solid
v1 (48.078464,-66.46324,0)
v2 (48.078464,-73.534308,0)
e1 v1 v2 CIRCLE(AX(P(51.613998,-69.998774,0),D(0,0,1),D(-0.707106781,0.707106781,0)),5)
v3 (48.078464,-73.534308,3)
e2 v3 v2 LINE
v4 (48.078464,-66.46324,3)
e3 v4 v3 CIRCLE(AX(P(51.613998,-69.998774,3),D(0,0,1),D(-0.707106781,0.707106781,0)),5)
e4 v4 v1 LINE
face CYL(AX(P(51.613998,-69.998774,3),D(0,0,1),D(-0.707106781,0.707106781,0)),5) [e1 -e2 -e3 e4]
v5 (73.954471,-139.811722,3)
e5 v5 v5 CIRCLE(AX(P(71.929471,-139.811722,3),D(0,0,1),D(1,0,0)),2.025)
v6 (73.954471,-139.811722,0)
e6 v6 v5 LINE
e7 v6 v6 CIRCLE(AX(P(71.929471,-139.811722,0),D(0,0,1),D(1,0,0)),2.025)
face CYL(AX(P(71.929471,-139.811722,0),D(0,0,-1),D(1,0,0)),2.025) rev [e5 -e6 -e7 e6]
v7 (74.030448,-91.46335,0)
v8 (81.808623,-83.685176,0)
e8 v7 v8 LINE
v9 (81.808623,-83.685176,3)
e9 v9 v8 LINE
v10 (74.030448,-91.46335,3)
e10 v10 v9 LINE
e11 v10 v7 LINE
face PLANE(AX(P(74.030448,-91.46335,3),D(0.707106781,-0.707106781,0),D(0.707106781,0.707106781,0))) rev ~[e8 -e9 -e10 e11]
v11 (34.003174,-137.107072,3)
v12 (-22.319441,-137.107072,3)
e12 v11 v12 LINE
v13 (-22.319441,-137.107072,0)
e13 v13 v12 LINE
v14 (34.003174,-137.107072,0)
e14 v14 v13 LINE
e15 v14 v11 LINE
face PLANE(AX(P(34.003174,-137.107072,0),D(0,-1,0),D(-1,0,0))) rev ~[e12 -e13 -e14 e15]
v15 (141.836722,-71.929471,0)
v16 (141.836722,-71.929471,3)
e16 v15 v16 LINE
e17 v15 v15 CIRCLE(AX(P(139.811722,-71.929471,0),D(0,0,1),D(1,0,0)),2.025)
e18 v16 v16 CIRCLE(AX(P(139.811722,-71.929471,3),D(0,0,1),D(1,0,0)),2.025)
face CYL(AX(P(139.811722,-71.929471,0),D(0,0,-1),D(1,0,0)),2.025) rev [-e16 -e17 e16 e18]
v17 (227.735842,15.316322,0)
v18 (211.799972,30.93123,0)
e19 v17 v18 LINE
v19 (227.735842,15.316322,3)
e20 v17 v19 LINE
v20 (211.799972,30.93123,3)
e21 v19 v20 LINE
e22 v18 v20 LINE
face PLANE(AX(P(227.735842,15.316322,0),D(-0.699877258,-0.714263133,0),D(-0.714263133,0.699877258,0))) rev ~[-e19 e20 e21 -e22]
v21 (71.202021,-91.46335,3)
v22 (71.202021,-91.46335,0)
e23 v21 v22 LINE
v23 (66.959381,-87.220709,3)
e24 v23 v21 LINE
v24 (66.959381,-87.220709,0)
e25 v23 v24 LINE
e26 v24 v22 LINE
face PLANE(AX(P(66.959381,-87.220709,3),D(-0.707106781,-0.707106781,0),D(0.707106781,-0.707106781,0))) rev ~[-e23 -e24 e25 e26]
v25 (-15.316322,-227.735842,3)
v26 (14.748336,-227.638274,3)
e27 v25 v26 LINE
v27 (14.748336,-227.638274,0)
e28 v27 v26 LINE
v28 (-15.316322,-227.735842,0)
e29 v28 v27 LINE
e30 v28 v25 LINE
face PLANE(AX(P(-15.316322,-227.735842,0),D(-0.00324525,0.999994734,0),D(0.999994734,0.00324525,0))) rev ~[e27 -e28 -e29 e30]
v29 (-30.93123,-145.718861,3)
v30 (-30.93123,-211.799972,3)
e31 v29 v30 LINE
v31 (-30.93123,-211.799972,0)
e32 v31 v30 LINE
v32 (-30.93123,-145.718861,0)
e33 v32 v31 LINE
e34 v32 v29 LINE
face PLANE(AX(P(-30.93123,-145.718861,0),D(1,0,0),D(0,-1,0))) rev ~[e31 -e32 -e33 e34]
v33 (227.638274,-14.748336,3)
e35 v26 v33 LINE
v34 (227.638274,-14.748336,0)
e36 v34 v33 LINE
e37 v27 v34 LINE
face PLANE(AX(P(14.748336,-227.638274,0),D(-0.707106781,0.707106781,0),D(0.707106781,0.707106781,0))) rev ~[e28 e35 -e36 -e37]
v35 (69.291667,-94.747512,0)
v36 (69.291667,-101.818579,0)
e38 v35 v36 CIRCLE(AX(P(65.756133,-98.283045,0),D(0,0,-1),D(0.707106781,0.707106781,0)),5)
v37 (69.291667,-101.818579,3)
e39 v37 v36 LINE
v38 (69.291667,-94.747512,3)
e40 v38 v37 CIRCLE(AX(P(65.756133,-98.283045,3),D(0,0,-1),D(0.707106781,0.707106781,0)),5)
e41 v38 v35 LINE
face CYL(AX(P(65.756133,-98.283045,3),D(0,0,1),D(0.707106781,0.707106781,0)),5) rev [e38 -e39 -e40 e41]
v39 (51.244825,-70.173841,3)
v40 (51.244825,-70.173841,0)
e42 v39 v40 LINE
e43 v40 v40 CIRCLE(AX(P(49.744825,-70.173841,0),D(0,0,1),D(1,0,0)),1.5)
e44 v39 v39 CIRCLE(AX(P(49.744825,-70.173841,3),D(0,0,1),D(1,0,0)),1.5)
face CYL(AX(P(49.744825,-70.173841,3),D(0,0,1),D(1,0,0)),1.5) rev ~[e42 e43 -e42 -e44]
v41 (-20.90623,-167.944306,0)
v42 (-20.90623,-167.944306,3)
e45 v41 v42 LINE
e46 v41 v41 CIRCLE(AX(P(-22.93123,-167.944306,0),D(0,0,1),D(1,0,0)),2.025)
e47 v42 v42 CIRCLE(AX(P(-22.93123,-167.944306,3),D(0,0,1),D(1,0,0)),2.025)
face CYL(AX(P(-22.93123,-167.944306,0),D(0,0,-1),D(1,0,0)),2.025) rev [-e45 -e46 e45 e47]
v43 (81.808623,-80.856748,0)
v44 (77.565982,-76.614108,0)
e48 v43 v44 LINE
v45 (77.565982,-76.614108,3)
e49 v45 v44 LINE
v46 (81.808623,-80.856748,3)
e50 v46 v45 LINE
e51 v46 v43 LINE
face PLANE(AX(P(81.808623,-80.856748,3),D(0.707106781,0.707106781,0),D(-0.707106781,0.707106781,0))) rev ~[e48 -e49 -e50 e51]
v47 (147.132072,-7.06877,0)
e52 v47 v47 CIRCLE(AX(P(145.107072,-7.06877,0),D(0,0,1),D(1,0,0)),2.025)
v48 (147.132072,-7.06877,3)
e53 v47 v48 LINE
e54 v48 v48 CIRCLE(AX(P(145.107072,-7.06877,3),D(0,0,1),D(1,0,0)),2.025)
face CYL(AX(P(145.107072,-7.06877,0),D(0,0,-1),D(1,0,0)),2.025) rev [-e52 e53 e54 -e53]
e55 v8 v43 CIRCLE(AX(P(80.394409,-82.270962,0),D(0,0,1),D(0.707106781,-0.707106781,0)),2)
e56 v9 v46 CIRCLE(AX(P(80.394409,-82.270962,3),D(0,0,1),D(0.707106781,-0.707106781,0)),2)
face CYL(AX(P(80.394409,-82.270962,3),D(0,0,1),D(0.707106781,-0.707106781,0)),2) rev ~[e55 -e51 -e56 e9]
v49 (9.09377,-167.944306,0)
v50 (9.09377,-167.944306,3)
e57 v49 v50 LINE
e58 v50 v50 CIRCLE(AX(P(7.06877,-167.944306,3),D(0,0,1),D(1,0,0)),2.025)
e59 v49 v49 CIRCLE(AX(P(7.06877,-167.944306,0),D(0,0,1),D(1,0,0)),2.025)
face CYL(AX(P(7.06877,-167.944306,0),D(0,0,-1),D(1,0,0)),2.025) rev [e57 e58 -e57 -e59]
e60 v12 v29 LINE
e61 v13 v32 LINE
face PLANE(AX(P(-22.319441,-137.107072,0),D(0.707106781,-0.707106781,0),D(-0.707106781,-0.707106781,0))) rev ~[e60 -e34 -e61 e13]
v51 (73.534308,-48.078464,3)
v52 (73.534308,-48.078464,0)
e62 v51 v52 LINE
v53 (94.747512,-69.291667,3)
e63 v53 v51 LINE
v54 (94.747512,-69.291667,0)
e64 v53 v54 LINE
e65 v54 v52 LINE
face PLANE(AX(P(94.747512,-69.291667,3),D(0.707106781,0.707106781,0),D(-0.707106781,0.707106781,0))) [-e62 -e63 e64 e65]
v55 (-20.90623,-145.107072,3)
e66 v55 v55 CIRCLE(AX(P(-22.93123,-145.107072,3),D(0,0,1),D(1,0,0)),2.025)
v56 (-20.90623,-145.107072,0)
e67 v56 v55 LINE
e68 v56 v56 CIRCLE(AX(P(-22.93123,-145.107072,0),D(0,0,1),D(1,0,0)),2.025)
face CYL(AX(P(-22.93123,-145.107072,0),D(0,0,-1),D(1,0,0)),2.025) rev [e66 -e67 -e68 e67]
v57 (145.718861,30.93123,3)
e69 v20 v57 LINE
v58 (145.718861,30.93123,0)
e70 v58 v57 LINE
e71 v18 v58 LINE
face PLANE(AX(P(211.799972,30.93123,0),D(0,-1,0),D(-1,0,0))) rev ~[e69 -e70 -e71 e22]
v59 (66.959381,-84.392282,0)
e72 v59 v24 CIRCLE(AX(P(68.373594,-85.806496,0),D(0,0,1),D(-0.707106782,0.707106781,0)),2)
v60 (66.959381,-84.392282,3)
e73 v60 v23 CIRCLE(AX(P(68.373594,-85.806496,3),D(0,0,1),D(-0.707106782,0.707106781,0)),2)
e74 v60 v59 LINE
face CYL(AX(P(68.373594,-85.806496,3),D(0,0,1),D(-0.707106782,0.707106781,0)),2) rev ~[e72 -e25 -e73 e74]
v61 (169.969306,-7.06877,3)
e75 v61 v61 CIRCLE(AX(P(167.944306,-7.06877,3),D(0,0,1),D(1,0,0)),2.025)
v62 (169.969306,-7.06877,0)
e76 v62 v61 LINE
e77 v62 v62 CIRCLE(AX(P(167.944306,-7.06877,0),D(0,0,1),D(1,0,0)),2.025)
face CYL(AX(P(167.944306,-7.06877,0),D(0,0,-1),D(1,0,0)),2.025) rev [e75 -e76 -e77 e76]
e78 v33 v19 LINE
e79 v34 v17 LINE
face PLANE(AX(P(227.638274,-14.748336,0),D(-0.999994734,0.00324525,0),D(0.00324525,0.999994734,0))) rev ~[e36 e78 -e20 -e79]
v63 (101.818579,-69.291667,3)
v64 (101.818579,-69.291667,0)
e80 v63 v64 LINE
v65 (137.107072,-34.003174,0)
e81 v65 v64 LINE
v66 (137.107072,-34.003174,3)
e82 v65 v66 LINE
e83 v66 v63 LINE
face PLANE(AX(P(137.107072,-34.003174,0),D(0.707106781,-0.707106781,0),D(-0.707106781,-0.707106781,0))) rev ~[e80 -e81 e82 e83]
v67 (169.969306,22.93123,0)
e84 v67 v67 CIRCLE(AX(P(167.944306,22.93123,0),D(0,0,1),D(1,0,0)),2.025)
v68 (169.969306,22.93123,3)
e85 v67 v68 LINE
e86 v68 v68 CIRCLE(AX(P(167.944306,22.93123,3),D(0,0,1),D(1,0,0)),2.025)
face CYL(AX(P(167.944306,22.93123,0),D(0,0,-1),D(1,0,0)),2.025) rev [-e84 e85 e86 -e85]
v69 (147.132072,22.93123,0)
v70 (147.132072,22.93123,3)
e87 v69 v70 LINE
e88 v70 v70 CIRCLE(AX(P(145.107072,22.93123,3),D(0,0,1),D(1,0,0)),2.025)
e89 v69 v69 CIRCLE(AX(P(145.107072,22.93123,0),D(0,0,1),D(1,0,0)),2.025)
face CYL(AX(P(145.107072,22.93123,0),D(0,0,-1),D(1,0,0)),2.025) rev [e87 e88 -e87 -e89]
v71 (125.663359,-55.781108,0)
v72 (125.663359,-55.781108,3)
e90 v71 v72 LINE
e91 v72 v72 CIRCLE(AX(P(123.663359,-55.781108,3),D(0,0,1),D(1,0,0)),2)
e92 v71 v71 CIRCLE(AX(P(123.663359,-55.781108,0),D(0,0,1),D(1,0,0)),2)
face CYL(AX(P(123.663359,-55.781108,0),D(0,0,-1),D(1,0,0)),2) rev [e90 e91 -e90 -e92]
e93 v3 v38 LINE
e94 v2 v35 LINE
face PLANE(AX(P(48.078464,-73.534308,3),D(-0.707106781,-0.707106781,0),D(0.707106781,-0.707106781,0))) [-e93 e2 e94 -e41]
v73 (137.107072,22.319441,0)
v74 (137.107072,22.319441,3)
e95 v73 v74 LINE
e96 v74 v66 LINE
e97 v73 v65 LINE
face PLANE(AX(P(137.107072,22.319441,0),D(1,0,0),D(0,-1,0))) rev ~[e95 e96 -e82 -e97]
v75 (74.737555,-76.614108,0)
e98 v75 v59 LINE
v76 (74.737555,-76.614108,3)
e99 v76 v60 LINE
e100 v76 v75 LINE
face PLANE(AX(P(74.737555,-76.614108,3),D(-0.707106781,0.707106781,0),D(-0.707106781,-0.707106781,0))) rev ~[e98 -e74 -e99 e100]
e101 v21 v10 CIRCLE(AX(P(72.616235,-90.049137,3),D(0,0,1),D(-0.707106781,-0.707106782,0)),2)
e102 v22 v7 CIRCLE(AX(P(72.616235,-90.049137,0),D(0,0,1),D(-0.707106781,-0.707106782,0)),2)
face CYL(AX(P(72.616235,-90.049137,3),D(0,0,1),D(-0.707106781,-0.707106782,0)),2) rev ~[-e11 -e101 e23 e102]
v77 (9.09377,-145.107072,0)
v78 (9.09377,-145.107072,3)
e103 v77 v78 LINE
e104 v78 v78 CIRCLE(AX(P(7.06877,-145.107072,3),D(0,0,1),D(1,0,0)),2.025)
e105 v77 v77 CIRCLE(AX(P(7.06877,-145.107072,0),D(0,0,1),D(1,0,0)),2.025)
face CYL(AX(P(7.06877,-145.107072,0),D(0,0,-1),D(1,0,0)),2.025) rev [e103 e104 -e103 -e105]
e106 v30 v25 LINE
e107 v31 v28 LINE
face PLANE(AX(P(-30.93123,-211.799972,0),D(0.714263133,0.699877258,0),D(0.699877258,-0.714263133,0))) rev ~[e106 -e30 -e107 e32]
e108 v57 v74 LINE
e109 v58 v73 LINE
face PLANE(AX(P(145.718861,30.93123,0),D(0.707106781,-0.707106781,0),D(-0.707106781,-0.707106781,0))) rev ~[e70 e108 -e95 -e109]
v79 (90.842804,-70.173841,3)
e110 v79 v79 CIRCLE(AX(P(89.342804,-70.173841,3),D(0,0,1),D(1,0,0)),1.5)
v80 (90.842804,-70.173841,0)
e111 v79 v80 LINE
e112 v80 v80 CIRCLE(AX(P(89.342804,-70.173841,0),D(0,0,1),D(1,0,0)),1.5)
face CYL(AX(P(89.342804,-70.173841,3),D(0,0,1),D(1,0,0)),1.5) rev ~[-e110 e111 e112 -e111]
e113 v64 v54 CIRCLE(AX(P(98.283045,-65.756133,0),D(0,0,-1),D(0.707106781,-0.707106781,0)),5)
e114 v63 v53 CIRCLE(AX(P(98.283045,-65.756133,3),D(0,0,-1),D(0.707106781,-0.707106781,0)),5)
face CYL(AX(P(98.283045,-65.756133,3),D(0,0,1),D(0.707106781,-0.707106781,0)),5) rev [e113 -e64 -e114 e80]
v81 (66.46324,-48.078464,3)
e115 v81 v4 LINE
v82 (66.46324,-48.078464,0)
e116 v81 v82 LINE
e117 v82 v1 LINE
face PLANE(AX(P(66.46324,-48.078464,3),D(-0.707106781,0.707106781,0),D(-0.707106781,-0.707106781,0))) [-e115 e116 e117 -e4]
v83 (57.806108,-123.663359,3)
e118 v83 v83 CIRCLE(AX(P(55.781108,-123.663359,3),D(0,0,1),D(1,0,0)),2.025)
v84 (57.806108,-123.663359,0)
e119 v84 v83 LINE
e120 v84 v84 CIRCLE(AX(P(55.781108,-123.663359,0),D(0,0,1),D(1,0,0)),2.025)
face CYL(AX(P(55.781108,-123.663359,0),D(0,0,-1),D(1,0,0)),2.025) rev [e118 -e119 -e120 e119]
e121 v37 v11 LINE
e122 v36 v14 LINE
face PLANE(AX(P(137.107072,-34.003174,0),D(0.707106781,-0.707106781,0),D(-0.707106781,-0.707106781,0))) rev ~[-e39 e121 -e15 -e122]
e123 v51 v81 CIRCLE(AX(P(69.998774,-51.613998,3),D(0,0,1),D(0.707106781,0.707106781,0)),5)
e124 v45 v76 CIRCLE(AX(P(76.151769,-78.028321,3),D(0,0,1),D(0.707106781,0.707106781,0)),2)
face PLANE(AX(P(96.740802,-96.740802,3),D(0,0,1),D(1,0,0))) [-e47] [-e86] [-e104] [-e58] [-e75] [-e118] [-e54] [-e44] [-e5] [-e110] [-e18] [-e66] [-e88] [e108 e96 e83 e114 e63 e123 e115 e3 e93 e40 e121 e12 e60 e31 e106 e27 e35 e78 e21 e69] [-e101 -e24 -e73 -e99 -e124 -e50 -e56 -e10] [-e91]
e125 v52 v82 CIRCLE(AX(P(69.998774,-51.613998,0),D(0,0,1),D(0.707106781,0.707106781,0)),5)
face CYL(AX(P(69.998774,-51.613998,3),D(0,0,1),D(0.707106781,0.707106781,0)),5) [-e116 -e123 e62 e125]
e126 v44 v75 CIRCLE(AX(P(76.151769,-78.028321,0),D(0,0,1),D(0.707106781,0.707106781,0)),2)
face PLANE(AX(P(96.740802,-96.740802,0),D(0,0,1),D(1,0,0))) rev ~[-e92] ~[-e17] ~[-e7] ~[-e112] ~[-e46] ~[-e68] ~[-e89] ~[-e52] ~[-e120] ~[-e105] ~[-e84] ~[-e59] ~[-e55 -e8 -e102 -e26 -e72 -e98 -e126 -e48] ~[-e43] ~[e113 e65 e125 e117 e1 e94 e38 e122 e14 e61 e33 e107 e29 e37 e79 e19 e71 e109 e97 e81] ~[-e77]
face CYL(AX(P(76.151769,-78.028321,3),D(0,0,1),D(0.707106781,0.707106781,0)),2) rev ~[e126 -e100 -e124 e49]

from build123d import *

# Parameters (mm, degrees)
SKETCH1_R           = 2.025
SKETCH1_R_2         = 2
BOSS_EXTRUDE1_DEPTH = 3
BOSS_EXTRUDE2_DEPTH = 3
SKETCH3_R           = 1.5
CUT_EXTRUDE1_DEPTH  = 323.081088677


with BuildPart() as part:
    # Sketch1 → Boss-Extrude1 (new body)
    with BuildSketch(Plane.XY):
        Polygon((-22.319441397, -137.107072194), (-30.931230202, -145.718860999), (-30.931230202, -211.799971874), (-15.316322, -227.735842242), (14.74833584, -227.638274393), (227.638274393, -14.74833584), (227.735842242, 15.316322), (211.799971874, 30.931230202), (145.718860999, 30.931230202), (137.107072194, 22.319441397), (137.107072194, -34.003174495), (34.003174495, -137.107072194), align=None)
        with Locations((-22.931230202, -167.944306144)):
            Circle(SKETCH1_R, mode=Mode.SUBTRACT)
        with Locations((7.068769798, -167.944306144)):
            Circle(SKETCH1_R, mode=Mode.SUBTRACT)
        with Locations((-22.931230202, -145.107072194)):
            Circle(SKETCH1_R, mode=Mode.SUBTRACT)
        with Locations((7.068769798, -145.107072194)):
            Circle(SKETCH1_R, mode=Mode.SUBTRACT)
        with Locations((71.929470696, -139.81172169)):
            Circle(SKETCH1_R, mode=Mode.SUBTRACT)
        with Locations((55.781107706, -123.6633587)):
            Circle(SKETCH1_R, mode=Mode.SUBTRACT)
        with Locations((167.944306144, 22.931230202)):
            Circle(SKETCH1_R, mode=Mode.SUBTRACT)
        with Locations((139.81172169, -71.929470696)):
            Circle(SKETCH1_R, mode=Mode.SUBTRACT)
        with Locations((145.107072194, -7.068769798)):
            Circle(SKETCH1_R, mode=Mode.SUBTRACT)
        with Locations((145.107072194, 22.931230202)):
            Circle(SKETCH1_R, mode=Mode.SUBTRACT)
        with Locations((167.944306144, -7.068769798)):
            Circle(SKETCH1_R, mode=Mode.SUBTRACT)
        with Locations((123.6633587, -55.781107706)):
            Circle(SKETCH1_R_2, mode=Mode.SUBTRACT)
    extrude(amount=BOSS_EXTRUDE1_DEPTH)

    # Sketch2 → Boss-Extrude2 (add)
    with BuildSketch(Plane.XY.offset(3)):
        with BuildLine():
            Line((66.463240253, -48.078463942), (48.078463942, -66.463240253))
            ThreePointArc((48.078463942, -66.463240253), (46.613997848, -69.998774159), (48.078463942, -73.534308065))
            Line((48.078463942, -73.534308065), (69.291667378, -94.7475115))
            ThreePointArc((69.291667378, -94.7475115), (70.756133472, -98.283045406), (69.291667378, -101.818579312))
            Line((69.291667378, -101.818579312), (72.827201283, -98.283045406))
            Line((72.827201283, -98.283045406), (85.555123345, -85.555123345))
            Line((85.555123345, -85.555123345), (98.283045406, -72.827201283))
            Line((98.283045406, -72.827201283), (101.818579312, -69.291667378))
            ThreePointArc((101.818579312, -69.291667378), (98.283045406, -70.756133472), (94.7475115, -69.291667378))
            Line((94.7475115, -69.291667378), (73.534308065, -48.078463942))
            ThreePointArc((73.534308065, -48.078463942), (69.998774159, -46.613997848), (66.463240253, -48.078463942))
        make_face()
    extrude(amount=-BOSS_EXTRUDE2_DEPTH)

    # Sketch3 → Cut-Extrude1 (cut, through all)
    with BuildSketch(Plane.XY.offset(3)):
        with Locations((49.744824715, -70.173841205)):
            Circle(SKETCH3_R)
        with Locations((89.342804461, -70.173841205)):
            Circle(SKETCH3_R)
        with BuildLine():
            Line((66.95938056, -87.220709483), (71.202021247, -91.46335017))
            ThreePointArc((71.202021247, -91.46335017), (72.61623481, -92.049136607), (74.030448372, -91.46335017))
            Line((74.030448372, -91.46335017), (81.808622965, -83.685175577))
            ThreePointArc((81.808622965, -83.685175577), (82.394409403, -82.270962014), (81.808622965, -80.856748452))
            Line((81.808622965, -80.856748452), (77.565982278, -76.614107765))
            ThreePointArc((77.565982278, -76.614107765), (76.151768716, -76.028321327), (74.737555153, -76.614107765))
            Line((74.737555153, -76.614107765), (66.95938056, -84.392282358))
            ThreePointArc((66.95938056, -84.392282358), (66.373594123, -85.80649592), (66.95938056, -87.220709483))
        make_face()
    extrude(amount=-CUT_EXTRUDE1_DEPTH, mode=Mode.SUBTRACT)


solid = part.part
